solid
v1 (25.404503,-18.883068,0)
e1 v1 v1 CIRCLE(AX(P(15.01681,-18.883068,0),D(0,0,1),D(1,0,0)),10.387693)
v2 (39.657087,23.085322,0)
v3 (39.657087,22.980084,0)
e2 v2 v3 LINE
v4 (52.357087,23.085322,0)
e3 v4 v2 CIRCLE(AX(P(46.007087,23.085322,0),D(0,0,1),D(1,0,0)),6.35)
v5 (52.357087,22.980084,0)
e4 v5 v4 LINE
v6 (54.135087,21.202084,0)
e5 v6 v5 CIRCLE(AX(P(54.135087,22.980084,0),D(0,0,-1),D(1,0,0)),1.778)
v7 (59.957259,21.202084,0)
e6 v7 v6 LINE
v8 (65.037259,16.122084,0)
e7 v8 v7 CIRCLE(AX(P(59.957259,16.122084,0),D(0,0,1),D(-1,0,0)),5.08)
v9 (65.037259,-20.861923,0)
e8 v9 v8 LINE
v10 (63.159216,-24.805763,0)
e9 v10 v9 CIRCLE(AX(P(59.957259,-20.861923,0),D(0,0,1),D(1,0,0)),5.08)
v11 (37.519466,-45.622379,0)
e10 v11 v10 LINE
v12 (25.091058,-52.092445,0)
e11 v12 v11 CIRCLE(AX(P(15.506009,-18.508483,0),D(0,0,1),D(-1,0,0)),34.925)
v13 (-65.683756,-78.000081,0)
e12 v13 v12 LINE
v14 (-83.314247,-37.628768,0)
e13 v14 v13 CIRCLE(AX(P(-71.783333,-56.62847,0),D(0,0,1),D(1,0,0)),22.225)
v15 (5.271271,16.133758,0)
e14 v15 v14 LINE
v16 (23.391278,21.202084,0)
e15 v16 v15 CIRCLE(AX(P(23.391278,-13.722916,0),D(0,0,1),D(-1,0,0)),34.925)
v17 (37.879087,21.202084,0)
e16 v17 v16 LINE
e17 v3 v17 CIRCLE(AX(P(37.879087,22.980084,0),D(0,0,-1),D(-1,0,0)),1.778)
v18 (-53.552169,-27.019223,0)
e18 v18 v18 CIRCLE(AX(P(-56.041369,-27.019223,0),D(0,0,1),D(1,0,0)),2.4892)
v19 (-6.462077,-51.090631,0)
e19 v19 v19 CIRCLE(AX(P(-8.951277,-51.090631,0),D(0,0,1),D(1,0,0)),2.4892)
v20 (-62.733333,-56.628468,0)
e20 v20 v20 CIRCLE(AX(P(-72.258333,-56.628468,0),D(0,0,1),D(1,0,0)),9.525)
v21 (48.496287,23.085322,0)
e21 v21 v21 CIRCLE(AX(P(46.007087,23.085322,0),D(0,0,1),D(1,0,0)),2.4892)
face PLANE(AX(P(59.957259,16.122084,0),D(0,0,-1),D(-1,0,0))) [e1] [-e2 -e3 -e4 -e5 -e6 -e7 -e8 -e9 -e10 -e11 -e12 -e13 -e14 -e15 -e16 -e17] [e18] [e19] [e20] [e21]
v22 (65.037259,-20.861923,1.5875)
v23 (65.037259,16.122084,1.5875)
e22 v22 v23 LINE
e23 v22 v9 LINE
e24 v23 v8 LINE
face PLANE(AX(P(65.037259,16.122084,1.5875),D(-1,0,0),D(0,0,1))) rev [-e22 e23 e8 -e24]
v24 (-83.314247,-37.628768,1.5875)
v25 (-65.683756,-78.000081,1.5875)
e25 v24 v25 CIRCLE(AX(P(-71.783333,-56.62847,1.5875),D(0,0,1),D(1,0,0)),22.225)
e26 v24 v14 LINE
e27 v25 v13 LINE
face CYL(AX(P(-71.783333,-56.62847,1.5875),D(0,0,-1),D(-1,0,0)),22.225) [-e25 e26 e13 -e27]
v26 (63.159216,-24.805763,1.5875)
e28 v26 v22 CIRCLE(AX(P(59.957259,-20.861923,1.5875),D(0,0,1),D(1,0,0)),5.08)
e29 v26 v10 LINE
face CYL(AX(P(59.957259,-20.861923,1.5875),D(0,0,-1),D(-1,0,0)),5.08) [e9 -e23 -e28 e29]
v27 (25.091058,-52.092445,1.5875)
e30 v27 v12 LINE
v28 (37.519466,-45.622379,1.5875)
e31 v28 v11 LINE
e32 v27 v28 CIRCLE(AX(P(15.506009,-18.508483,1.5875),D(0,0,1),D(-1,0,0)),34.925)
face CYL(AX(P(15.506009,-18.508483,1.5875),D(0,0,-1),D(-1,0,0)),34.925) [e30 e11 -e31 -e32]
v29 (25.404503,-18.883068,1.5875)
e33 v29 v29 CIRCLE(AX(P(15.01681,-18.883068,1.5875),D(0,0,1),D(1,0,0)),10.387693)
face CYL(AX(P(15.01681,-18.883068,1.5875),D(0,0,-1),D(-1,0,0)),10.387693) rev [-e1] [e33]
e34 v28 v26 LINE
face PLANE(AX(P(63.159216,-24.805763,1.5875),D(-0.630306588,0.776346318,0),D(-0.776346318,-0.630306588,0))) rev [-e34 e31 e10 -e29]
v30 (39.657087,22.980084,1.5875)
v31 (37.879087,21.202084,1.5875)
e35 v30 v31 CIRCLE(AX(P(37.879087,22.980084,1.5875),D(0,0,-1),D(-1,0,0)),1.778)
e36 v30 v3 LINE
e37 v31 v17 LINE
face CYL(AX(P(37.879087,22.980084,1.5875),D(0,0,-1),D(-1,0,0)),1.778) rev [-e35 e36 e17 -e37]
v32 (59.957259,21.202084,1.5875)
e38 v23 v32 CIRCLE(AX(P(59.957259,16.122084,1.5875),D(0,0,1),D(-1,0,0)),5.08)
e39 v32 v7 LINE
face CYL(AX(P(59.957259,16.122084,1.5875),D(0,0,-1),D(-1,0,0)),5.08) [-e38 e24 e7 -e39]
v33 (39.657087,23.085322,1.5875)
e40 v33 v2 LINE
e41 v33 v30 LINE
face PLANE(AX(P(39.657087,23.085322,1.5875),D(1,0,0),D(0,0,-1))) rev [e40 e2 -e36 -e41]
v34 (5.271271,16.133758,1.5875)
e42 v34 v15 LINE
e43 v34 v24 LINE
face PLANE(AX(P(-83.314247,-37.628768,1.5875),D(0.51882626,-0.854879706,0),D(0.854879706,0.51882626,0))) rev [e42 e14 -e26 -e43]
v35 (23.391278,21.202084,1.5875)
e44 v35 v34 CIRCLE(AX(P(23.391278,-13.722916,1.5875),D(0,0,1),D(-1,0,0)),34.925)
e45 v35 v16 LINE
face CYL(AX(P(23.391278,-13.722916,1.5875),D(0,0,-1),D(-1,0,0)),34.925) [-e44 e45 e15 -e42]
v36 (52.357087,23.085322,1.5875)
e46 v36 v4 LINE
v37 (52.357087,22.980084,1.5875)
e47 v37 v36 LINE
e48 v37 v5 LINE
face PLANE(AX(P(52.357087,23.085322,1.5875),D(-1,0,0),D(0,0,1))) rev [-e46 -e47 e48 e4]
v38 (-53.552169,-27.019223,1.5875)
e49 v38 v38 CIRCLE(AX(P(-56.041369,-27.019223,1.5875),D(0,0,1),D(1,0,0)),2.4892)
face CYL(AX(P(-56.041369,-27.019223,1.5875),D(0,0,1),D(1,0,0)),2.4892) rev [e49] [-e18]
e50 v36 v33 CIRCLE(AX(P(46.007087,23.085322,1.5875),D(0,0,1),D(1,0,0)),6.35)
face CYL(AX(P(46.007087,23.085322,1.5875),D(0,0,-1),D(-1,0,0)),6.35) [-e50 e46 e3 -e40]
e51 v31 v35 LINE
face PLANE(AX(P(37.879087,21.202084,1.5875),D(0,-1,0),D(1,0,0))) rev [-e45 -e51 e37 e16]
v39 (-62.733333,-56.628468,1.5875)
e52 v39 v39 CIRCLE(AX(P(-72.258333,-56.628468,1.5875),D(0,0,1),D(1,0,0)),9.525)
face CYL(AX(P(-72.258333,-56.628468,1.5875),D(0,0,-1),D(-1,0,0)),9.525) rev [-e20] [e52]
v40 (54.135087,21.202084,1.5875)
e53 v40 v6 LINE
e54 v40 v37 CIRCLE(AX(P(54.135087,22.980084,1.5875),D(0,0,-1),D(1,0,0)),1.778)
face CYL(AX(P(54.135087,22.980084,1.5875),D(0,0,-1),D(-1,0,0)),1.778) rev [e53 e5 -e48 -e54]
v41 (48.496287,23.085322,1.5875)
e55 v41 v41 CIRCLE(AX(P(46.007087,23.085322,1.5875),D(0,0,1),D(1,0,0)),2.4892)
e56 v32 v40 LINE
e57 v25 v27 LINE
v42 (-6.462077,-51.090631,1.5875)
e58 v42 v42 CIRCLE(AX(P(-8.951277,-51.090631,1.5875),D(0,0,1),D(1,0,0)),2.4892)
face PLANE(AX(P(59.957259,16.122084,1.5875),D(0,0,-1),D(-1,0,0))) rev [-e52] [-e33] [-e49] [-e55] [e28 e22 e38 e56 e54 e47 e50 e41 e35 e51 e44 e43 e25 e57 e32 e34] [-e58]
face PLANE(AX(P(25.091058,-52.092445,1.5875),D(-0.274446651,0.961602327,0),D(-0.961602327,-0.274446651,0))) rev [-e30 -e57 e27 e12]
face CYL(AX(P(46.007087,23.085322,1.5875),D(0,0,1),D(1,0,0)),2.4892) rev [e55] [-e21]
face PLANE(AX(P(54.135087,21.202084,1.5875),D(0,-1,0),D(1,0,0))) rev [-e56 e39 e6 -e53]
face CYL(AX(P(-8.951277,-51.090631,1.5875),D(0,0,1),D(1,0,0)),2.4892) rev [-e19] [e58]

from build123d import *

# Parameters (mm, degrees)
SKETCH2_R              = 10.387693019
SKETCH2_R_2            = 9.525
BOSS_EXTRUDE1_DEPTH    = 1.5875
F_10_CLEARANCE_HOLE1_D = 4.9784


with BuildPart() as part:
    # Sketch2 → Boss-Extrude1 (new body)
    with BuildSketch(Plane.XY):
        with BuildLine():
            Line((25.091057906, -52.092444741), (-65.683756135, -78.000081372))
            ThreePointArc((-65.683756135, -78.000081372), (-92.150845981, -65.52313309), (-83.314246567, -37.628768173))
            Line((-83.314246567, -37.628768173), (5.271270971, 16.133758159))
            ThreePointArc((5.271270971, 16.133758159), (13.983534085, 19.911144202), (23.391278089, 21.202084415))
            Line((23.391278089, 21.202084415), (37.879087429, 21.202084415))
            ThreePointArc((37.879087429, 21.202084415), (39.136323286, 21.722848558), (39.657087429, 22.980084415))
            Line((39.657087429, 22.980084415), (39.657087429, 23.085322173))
            ThreePointArc((39.657087429, 23.085322173), (46.007087429, 29.435322173), (52.357087429, 23.085322173))
            Line((52.357087429, 23.085322173), (52.357087429, 22.980084415))
            ThreePointArc((52.357087429, 22.980084415), (52.877851572, 21.722848558), (54.135087429, 21.202084415))
            Line((54.135087429, 21.202084415), (59.957258632, 21.202084415))
            ThreePointArc((59.957258632, 21.202084415), (63.54936108, 19.714186863), (65.037258632, 16.122084415))
            Line((65.037258632, 16.122084415), (65.037258632, -20.861923216))
            ThreePointArc((65.037258632, -20.861923216), (64.543779313, -23.046008387), (63.159216098, -24.805762511))
            Line((63.159216098, -24.805762511), (37.51946621, -45.622378614))
            ThreePointArc((37.51946621, -45.622378614), (31.63306192, -49.487085384), (25.091057906, -52.092444741))
        make_face()
        with Locations((15.016809712, -18.883068303)):
            Circle(SKETCH2_R, mode=Mode.SUBTRACT)
        with Locations((-72.258332946, -56.628468385)):
            Circle(SKETCH2_R_2, mode=Mode.SUBTRACT)
    extrude(amount=BOSS_EXTRUDE1_DEPTH)

    # #10 Clearance Hole1 (through all)
    with Locations(Plane.XY.offset(1.5875)):
        with Locations((-56.041369259, -27.019222928), (-8.951277081, -51.090630662), (46.007087429, 23.085322173)):
            Hole(F_10_CLEARANCE_HOLE1_D / 2)


solid = part.part
